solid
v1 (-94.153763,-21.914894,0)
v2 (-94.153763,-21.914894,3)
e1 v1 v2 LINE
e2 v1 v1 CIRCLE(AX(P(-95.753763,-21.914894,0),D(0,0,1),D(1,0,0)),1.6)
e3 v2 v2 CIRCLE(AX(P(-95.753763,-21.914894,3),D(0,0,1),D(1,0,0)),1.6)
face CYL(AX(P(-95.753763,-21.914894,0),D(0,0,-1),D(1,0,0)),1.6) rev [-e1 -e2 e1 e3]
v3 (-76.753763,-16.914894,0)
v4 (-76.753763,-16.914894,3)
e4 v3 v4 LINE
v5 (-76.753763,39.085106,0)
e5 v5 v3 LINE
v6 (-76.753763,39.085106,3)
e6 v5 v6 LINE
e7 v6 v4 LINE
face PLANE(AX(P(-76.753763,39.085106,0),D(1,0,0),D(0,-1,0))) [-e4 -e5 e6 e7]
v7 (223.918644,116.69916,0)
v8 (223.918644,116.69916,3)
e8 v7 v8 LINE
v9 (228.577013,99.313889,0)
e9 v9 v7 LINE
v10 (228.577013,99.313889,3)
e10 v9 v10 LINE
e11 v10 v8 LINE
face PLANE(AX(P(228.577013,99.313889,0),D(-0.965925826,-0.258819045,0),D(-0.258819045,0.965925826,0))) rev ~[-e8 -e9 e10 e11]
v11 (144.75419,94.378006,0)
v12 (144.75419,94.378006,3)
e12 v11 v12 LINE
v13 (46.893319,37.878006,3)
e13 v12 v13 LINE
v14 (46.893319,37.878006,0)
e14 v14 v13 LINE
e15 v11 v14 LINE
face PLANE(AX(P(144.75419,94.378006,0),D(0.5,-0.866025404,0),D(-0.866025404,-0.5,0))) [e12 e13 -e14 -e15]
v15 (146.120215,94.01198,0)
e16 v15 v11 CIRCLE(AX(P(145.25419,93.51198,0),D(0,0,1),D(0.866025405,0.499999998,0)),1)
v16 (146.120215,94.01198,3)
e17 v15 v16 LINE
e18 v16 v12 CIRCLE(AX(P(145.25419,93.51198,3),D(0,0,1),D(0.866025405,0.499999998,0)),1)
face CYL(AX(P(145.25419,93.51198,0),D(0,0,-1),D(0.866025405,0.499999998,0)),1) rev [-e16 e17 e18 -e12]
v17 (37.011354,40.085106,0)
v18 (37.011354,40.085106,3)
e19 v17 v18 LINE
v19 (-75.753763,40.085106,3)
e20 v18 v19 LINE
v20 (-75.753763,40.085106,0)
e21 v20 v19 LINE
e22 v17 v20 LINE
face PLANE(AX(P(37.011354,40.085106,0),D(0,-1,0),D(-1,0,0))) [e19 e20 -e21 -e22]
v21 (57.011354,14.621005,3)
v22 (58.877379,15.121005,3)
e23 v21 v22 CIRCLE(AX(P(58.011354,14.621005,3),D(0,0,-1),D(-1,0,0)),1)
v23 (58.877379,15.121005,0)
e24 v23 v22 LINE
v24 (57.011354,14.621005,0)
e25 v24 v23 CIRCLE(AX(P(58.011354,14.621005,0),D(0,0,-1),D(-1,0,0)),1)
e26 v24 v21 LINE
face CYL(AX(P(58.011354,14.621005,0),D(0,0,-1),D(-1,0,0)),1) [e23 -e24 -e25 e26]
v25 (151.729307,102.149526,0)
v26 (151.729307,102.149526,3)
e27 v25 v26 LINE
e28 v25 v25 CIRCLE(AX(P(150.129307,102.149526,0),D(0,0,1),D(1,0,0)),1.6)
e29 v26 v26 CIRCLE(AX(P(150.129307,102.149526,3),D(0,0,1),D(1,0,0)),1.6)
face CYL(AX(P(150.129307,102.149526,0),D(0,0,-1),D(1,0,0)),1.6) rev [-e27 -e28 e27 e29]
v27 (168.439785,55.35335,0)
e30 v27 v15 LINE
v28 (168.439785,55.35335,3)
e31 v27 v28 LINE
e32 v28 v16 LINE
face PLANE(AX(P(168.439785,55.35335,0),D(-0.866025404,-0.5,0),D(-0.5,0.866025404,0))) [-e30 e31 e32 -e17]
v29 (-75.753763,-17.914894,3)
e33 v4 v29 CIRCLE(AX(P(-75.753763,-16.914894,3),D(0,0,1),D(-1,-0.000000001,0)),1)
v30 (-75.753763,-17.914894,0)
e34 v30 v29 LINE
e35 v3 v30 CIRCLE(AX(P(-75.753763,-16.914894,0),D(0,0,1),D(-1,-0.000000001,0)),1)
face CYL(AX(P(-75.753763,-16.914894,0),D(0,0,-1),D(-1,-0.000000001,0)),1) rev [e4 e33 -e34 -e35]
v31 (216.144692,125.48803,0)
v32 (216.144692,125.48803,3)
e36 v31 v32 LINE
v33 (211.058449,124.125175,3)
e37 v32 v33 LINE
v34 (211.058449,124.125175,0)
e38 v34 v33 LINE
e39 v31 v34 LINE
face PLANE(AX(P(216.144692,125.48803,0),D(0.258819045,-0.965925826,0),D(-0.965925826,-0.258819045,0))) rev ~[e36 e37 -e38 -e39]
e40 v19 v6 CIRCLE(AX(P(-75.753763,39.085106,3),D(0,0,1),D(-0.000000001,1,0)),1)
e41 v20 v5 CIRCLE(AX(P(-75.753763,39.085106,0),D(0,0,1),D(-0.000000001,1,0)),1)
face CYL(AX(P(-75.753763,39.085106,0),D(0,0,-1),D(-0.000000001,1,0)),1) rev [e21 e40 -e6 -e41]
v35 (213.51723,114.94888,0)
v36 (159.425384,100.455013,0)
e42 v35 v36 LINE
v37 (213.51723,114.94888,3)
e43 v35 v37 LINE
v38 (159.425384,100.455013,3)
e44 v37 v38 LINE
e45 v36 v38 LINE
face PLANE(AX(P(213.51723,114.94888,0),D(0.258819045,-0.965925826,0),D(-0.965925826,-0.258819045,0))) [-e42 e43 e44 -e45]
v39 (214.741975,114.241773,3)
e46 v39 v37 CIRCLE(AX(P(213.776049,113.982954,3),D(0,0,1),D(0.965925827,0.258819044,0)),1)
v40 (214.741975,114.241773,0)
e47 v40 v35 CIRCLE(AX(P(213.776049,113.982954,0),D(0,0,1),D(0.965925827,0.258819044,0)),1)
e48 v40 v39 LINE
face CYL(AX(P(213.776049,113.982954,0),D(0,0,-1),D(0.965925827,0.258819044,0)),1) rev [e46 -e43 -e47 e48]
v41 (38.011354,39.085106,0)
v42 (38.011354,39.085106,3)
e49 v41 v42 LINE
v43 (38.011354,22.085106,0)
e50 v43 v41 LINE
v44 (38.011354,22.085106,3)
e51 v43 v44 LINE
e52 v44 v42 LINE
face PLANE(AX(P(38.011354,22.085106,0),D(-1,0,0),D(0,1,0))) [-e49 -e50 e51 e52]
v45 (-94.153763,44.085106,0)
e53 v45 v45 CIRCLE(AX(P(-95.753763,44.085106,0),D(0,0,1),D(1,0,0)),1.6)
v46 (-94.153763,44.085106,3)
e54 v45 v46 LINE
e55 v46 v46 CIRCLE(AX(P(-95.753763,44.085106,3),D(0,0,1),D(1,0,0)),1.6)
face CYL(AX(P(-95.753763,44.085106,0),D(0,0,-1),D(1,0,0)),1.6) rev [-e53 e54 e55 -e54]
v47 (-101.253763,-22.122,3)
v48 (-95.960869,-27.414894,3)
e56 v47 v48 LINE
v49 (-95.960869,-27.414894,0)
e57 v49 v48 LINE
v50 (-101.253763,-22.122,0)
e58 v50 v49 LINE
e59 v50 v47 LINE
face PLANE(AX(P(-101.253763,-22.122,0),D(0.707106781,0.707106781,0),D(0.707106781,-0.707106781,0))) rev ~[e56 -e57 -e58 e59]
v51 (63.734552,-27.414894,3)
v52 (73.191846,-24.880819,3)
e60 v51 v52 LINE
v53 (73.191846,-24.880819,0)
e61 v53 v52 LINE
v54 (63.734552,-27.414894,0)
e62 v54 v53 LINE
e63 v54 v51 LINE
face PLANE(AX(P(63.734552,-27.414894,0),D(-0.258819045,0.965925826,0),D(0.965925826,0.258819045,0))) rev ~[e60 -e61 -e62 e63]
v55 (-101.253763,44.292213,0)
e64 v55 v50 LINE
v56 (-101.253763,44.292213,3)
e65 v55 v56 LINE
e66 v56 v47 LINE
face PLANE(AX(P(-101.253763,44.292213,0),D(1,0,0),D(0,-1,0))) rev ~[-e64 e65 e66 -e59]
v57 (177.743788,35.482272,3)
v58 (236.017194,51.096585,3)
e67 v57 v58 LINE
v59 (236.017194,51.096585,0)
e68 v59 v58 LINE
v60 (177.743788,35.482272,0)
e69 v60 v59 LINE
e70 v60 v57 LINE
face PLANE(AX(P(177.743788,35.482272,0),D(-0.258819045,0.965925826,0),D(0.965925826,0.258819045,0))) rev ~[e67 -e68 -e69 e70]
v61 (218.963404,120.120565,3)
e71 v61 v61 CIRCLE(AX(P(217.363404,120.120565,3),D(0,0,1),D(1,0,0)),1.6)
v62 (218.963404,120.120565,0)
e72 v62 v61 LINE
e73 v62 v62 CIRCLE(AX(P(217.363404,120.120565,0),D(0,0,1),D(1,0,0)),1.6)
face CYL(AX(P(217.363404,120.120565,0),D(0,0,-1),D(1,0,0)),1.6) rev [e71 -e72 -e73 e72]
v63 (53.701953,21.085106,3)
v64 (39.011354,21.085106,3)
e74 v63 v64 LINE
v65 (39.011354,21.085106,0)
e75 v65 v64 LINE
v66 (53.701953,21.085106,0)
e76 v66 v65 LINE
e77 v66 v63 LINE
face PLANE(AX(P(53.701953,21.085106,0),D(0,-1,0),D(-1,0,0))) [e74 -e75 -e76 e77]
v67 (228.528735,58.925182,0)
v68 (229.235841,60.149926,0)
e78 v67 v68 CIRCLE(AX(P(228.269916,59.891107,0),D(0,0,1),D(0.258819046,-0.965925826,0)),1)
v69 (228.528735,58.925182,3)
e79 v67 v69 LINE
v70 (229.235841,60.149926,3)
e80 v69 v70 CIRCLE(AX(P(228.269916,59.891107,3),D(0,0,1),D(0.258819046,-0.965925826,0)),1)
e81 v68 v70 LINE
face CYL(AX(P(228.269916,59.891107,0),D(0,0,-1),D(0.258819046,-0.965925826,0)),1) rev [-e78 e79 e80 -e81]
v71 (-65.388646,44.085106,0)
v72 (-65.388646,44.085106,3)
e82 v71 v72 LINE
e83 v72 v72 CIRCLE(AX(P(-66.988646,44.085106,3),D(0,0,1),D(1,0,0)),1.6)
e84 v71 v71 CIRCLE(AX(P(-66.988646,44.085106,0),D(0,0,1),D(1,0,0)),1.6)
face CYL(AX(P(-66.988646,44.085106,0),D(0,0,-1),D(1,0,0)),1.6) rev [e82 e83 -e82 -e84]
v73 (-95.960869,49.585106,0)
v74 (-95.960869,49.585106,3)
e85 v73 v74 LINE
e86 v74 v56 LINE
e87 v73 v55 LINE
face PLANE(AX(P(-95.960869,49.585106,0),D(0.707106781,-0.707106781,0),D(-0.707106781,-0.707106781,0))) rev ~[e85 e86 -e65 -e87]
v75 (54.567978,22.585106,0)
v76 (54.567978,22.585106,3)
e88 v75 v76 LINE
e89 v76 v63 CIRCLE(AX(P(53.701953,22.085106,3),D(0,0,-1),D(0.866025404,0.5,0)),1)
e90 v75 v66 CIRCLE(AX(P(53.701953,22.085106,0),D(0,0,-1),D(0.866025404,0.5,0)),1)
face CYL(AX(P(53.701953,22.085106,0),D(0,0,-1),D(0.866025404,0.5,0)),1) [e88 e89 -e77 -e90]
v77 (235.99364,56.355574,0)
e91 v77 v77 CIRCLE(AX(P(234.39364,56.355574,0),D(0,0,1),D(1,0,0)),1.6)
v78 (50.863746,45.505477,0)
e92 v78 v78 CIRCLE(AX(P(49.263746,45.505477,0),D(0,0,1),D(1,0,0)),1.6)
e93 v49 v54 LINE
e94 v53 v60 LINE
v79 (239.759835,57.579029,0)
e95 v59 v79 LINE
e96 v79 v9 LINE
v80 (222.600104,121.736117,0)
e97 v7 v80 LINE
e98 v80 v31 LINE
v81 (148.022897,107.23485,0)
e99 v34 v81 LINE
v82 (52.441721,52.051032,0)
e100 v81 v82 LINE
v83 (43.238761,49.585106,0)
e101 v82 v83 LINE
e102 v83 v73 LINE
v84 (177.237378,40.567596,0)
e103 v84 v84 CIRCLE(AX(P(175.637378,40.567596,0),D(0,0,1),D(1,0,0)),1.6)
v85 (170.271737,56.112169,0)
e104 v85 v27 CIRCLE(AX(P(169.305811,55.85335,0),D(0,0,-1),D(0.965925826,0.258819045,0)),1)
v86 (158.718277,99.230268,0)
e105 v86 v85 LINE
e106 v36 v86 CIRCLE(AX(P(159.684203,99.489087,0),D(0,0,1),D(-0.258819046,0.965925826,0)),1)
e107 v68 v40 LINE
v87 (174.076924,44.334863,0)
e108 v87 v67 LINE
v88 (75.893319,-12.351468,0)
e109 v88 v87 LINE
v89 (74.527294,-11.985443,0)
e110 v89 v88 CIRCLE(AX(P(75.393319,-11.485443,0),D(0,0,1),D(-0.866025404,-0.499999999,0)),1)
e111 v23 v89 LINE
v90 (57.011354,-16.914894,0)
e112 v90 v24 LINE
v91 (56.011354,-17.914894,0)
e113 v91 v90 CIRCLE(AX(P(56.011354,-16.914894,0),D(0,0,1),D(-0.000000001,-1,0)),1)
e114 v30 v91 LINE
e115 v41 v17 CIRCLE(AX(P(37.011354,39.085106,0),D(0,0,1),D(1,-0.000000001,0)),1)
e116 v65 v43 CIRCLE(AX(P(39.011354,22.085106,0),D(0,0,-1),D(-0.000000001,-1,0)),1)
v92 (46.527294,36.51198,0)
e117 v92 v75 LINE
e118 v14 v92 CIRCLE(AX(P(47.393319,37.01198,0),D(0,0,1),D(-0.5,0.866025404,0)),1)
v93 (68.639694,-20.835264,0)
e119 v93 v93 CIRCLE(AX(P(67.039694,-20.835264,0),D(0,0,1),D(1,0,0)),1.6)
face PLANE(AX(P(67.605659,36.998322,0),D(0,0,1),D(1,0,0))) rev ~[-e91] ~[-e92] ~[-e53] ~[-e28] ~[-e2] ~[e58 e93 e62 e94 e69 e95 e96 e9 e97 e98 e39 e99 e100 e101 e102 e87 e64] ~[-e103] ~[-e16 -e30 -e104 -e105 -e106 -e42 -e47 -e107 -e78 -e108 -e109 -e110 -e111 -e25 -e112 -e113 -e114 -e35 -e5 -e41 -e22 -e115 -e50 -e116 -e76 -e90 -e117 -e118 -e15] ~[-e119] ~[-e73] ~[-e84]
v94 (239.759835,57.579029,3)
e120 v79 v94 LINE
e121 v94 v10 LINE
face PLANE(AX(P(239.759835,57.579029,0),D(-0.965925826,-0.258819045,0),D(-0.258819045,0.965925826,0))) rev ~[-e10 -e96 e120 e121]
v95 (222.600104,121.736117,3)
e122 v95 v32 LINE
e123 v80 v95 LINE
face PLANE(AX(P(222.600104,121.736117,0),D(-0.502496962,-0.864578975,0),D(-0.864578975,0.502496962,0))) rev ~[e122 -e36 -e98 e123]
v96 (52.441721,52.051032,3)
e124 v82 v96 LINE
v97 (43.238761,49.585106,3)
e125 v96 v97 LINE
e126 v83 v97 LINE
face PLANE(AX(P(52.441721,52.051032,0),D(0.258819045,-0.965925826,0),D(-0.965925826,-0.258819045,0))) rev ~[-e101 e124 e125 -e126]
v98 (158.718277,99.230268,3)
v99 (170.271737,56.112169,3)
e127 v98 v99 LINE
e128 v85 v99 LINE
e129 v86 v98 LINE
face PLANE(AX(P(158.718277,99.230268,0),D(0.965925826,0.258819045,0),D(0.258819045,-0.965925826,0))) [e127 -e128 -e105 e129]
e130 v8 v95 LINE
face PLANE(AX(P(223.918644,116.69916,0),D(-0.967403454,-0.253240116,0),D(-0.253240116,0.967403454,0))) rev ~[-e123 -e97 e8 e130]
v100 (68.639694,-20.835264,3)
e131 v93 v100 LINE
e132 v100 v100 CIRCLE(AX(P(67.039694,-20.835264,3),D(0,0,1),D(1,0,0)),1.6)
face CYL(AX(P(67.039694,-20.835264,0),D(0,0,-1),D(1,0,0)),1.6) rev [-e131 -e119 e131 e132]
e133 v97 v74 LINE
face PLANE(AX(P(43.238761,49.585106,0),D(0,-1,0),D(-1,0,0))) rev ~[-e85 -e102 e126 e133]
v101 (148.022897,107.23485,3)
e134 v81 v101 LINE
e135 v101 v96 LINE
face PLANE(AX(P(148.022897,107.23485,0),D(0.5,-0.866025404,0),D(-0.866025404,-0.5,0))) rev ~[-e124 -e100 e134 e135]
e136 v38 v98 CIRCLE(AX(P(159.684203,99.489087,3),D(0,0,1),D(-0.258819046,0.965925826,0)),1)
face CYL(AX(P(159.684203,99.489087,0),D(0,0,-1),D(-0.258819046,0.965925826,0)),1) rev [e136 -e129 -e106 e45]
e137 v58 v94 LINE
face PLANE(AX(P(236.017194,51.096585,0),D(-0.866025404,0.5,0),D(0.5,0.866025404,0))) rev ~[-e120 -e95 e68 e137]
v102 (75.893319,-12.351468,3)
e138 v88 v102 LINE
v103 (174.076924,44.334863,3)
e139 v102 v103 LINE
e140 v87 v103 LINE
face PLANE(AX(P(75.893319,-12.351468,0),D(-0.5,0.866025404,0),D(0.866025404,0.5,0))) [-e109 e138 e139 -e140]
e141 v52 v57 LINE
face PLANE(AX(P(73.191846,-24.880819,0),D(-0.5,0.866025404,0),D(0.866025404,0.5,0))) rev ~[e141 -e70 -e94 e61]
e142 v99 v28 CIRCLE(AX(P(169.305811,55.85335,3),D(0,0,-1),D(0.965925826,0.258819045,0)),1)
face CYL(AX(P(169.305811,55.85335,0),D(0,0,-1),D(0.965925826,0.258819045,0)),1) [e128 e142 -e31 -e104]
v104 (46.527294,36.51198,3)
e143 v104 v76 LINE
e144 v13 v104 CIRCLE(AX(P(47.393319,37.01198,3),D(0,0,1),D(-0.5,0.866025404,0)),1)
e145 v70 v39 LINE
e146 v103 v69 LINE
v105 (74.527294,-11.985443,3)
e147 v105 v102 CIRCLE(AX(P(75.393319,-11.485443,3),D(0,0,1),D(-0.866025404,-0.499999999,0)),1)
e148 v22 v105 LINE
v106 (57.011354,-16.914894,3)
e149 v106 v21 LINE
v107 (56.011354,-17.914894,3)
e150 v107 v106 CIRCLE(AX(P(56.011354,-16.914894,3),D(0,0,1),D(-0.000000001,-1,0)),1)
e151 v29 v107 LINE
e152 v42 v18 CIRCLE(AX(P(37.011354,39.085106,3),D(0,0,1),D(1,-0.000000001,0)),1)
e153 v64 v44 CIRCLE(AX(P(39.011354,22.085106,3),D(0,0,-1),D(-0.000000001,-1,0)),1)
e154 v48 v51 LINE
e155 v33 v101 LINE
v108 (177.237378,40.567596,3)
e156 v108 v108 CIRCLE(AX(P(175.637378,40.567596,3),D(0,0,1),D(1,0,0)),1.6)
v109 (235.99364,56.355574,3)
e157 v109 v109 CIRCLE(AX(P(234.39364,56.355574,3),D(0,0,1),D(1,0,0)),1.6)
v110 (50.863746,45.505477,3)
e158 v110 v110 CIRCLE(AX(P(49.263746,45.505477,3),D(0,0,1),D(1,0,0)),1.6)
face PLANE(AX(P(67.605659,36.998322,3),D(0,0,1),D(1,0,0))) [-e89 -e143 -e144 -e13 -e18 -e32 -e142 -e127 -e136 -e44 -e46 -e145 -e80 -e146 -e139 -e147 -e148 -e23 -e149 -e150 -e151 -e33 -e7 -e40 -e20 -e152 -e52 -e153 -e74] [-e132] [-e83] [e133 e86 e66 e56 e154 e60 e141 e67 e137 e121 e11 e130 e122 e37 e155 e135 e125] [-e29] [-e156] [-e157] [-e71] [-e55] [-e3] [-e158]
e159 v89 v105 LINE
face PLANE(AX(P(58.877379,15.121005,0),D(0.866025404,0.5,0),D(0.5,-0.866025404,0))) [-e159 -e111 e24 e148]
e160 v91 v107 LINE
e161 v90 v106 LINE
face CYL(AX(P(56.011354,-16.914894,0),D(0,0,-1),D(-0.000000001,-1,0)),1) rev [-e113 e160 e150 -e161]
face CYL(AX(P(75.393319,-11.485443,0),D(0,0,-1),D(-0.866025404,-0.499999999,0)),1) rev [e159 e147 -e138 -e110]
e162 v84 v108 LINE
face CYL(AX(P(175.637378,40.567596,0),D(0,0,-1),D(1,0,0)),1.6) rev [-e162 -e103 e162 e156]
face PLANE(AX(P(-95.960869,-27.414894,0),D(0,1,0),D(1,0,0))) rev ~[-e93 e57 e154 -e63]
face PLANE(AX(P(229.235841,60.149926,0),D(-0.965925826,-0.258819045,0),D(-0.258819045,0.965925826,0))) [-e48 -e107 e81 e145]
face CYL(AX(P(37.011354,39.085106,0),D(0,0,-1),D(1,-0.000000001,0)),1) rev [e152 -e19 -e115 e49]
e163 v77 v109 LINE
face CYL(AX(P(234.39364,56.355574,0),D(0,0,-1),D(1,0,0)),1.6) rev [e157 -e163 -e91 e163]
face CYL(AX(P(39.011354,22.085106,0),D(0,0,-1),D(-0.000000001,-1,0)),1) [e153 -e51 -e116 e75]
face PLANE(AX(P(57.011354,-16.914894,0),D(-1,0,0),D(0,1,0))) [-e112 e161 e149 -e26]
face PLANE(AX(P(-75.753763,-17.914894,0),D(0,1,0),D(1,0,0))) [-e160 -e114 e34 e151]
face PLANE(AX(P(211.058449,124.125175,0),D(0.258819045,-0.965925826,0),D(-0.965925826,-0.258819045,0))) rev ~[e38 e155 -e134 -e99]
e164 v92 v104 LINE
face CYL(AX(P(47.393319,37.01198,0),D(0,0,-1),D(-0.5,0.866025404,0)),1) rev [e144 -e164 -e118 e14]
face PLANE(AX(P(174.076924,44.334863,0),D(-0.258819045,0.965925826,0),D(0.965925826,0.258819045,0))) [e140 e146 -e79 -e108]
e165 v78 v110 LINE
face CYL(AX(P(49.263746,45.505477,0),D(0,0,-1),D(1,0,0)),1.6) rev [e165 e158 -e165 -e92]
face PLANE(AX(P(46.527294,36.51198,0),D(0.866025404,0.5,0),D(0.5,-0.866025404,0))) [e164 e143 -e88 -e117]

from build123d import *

# Parameters (mm, degrees)
ESQUISSE1_R        = 1.6
BOSS_EXTRU_1_DEPTH = 3


with BuildPart() as part:
    # Esquisse1 → Boss.-Extru.1 (new body)
    with BuildSketch(Plane.XY):
        Polygon((-75.988646329, 49.585106383), (-95.960869343, 49.585106383), (-101.253762562, 44.292213164), (-101.253762562, 35.79522772), (-101.253762562, -22.122000398), (-95.960869343, -27.414893617), (63.734552111, -27.414893617), (73.191845678, -24.880819443), (177.743787613, 35.482272378), (236.017194438, 51.096584676), (239.759835125, 57.579028501), (228.577013006, 99.31388882), (223.918643626, 116.699160027), (222.600104344, 121.736116557), (216.144691957, 125.488029577), (211.058449045, 124.125174896), (148.022896982, 107.234849626), (52.44172146, 52.051032209), (43.238760989, 49.585106383), align=None)
        with Locations((-95.753762562, 44.085106383)):
            Circle(ESQUISSE1_R, mode=Mode.SUBTRACT)
        with Locations((-66.988646329, 44.085106383)):
            Circle(ESQUISSE1_R, mode=Mode.SUBTRACT)
        with Locations((-95.753762562, -21.914893617)):
            Circle(ESQUISSE1_R, mode=Mode.SUBTRACT)
        with Locations((67.039694146, -20.835264486)):
            Circle(ESQUISSE1_R, mode=Mode.SUBTRACT)
        with Locations((49.263745973, 45.505477252)):
            Circle(ESQUISSE1_R, mode=Mode.SUBTRACT)
        with Locations((150.12930694, 102.149526137)):
            Circle(ESQUISSE1_R, mode=Mode.SUBTRACT)
        with Locations((217.363403759, 120.120565138)):
            Circle(ESQUISSE1_R, mode=Mode.SUBTRACT)
        with Locations((234.393639901, 56.355573542)):
            Circle(ESQUISSE1_R, mode=Mode.SUBTRACT)
        with Locations((175.637377655, 40.567595866)):
            Circle(ESQUISSE1_R, mode=Mode.SUBTRACT)
        with BuildLine():
            Line((-76.753762562, 39.085106383), (-76.753762562, -16.914893617))
            ThreePointArc((-76.753762562, -16.914893617), (-76.460869343, -17.622000398), (-75.753762562, -17.914893617))
            Line((-75.753762562, -17.914893617), (56.011353671, -17.914893617))
            ThreePointArc((56.011353671, -17.914893617), (56.718460453, -17.622000398), (57.011353671, -16.914893617))
            Line((57.011353671, -16.914893617), (57.011353671, 14.621004768))
            ThreePointArc((57.011353671, 14.621004768), (57.752534626, 15.586930594), (58.877379075, 15.121004768))
            Line((58.877379075, 15.121004768), (74.527293708, -11.98544251))
            ThreePointArc((74.527293708, -11.98544251), (75.134500067, -12.451368337), (75.893319112, -12.351467914))
            Line((75.893319112, -12.351467914), (174.076924484, 44.334863077))
            Line((174.076924484, 44.334863077), (228.528734589, 58.925181621))
            ThreePointArc((228.528734589, 58.925181621), (229.135940948, 59.391107448), (229.235841371, 60.149926493))
            Line((229.235841371, 60.149926493), (214.741974845, 114.241772765))
            ThreePointArc((214.741974845, 114.241772765), (214.276049019, 114.848979124), (213.517229973, 114.948879546))
            Line((213.517229973, 114.948879546), (159.425383701, 100.45501302))
            ThreePointArc((159.425383701, 100.45501302), (158.818177343, 99.989087194), (158.71827692, 99.230268149))
            Line((158.71827692, 99.230268149), (170.271736655, 56.112169417))
            ThreePointArc((170.271736655, 56.112169417), (169.688494261, 54.929470839), (168.439785425, 55.353350371))
            Line((168.439785425, 55.353350371), (146.120215143, 94.011980101))
            ThreePointArc((146.120215143, 94.011980101), (145.513008785, 94.477905928), (144.75418974, 94.378005505))
            Line((144.75418974, 94.378005505), (46.893319112, 37.878005505))
            ThreePointArc((46.893319112, 37.878005505), (46.427393286, 37.270799147), (46.527293708, 36.511980101))
            Line((46.527293708, 36.511980101), (54.567977999, 22.585106383))
            ThreePointArc((54.567977999, 22.585106383), (54.567977999, 21.585106383), (53.701952595, 21.085106383))
            Line((53.701952595, 21.085106383), (39.011353671, 21.085106383))
            ThreePointArc((39.011353671, 21.085106383), (38.30424689, 21.377999602), (38.011353671, 22.085106383))
            Line((38.011353671, 22.085106383), (38.011353671, 39.085106383))
            ThreePointArc((38.011353671, 39.085106383), (37.718460453, 39.792213164), (37.011353671, 40.085106383))
            Line((37.011353671, 40.085106383), (-75.753762562, 40.085106383))
            ThreePointArc((-75.753762562, 40.085106383), (-76.460869343, 39.792213164), (-76.753762562, 39.085106383))
        make_face(mode=Mode.SUBTRACT)
    extrude(amount=BOSS_EXTRU_1_DEPTH)


solid = part.part
